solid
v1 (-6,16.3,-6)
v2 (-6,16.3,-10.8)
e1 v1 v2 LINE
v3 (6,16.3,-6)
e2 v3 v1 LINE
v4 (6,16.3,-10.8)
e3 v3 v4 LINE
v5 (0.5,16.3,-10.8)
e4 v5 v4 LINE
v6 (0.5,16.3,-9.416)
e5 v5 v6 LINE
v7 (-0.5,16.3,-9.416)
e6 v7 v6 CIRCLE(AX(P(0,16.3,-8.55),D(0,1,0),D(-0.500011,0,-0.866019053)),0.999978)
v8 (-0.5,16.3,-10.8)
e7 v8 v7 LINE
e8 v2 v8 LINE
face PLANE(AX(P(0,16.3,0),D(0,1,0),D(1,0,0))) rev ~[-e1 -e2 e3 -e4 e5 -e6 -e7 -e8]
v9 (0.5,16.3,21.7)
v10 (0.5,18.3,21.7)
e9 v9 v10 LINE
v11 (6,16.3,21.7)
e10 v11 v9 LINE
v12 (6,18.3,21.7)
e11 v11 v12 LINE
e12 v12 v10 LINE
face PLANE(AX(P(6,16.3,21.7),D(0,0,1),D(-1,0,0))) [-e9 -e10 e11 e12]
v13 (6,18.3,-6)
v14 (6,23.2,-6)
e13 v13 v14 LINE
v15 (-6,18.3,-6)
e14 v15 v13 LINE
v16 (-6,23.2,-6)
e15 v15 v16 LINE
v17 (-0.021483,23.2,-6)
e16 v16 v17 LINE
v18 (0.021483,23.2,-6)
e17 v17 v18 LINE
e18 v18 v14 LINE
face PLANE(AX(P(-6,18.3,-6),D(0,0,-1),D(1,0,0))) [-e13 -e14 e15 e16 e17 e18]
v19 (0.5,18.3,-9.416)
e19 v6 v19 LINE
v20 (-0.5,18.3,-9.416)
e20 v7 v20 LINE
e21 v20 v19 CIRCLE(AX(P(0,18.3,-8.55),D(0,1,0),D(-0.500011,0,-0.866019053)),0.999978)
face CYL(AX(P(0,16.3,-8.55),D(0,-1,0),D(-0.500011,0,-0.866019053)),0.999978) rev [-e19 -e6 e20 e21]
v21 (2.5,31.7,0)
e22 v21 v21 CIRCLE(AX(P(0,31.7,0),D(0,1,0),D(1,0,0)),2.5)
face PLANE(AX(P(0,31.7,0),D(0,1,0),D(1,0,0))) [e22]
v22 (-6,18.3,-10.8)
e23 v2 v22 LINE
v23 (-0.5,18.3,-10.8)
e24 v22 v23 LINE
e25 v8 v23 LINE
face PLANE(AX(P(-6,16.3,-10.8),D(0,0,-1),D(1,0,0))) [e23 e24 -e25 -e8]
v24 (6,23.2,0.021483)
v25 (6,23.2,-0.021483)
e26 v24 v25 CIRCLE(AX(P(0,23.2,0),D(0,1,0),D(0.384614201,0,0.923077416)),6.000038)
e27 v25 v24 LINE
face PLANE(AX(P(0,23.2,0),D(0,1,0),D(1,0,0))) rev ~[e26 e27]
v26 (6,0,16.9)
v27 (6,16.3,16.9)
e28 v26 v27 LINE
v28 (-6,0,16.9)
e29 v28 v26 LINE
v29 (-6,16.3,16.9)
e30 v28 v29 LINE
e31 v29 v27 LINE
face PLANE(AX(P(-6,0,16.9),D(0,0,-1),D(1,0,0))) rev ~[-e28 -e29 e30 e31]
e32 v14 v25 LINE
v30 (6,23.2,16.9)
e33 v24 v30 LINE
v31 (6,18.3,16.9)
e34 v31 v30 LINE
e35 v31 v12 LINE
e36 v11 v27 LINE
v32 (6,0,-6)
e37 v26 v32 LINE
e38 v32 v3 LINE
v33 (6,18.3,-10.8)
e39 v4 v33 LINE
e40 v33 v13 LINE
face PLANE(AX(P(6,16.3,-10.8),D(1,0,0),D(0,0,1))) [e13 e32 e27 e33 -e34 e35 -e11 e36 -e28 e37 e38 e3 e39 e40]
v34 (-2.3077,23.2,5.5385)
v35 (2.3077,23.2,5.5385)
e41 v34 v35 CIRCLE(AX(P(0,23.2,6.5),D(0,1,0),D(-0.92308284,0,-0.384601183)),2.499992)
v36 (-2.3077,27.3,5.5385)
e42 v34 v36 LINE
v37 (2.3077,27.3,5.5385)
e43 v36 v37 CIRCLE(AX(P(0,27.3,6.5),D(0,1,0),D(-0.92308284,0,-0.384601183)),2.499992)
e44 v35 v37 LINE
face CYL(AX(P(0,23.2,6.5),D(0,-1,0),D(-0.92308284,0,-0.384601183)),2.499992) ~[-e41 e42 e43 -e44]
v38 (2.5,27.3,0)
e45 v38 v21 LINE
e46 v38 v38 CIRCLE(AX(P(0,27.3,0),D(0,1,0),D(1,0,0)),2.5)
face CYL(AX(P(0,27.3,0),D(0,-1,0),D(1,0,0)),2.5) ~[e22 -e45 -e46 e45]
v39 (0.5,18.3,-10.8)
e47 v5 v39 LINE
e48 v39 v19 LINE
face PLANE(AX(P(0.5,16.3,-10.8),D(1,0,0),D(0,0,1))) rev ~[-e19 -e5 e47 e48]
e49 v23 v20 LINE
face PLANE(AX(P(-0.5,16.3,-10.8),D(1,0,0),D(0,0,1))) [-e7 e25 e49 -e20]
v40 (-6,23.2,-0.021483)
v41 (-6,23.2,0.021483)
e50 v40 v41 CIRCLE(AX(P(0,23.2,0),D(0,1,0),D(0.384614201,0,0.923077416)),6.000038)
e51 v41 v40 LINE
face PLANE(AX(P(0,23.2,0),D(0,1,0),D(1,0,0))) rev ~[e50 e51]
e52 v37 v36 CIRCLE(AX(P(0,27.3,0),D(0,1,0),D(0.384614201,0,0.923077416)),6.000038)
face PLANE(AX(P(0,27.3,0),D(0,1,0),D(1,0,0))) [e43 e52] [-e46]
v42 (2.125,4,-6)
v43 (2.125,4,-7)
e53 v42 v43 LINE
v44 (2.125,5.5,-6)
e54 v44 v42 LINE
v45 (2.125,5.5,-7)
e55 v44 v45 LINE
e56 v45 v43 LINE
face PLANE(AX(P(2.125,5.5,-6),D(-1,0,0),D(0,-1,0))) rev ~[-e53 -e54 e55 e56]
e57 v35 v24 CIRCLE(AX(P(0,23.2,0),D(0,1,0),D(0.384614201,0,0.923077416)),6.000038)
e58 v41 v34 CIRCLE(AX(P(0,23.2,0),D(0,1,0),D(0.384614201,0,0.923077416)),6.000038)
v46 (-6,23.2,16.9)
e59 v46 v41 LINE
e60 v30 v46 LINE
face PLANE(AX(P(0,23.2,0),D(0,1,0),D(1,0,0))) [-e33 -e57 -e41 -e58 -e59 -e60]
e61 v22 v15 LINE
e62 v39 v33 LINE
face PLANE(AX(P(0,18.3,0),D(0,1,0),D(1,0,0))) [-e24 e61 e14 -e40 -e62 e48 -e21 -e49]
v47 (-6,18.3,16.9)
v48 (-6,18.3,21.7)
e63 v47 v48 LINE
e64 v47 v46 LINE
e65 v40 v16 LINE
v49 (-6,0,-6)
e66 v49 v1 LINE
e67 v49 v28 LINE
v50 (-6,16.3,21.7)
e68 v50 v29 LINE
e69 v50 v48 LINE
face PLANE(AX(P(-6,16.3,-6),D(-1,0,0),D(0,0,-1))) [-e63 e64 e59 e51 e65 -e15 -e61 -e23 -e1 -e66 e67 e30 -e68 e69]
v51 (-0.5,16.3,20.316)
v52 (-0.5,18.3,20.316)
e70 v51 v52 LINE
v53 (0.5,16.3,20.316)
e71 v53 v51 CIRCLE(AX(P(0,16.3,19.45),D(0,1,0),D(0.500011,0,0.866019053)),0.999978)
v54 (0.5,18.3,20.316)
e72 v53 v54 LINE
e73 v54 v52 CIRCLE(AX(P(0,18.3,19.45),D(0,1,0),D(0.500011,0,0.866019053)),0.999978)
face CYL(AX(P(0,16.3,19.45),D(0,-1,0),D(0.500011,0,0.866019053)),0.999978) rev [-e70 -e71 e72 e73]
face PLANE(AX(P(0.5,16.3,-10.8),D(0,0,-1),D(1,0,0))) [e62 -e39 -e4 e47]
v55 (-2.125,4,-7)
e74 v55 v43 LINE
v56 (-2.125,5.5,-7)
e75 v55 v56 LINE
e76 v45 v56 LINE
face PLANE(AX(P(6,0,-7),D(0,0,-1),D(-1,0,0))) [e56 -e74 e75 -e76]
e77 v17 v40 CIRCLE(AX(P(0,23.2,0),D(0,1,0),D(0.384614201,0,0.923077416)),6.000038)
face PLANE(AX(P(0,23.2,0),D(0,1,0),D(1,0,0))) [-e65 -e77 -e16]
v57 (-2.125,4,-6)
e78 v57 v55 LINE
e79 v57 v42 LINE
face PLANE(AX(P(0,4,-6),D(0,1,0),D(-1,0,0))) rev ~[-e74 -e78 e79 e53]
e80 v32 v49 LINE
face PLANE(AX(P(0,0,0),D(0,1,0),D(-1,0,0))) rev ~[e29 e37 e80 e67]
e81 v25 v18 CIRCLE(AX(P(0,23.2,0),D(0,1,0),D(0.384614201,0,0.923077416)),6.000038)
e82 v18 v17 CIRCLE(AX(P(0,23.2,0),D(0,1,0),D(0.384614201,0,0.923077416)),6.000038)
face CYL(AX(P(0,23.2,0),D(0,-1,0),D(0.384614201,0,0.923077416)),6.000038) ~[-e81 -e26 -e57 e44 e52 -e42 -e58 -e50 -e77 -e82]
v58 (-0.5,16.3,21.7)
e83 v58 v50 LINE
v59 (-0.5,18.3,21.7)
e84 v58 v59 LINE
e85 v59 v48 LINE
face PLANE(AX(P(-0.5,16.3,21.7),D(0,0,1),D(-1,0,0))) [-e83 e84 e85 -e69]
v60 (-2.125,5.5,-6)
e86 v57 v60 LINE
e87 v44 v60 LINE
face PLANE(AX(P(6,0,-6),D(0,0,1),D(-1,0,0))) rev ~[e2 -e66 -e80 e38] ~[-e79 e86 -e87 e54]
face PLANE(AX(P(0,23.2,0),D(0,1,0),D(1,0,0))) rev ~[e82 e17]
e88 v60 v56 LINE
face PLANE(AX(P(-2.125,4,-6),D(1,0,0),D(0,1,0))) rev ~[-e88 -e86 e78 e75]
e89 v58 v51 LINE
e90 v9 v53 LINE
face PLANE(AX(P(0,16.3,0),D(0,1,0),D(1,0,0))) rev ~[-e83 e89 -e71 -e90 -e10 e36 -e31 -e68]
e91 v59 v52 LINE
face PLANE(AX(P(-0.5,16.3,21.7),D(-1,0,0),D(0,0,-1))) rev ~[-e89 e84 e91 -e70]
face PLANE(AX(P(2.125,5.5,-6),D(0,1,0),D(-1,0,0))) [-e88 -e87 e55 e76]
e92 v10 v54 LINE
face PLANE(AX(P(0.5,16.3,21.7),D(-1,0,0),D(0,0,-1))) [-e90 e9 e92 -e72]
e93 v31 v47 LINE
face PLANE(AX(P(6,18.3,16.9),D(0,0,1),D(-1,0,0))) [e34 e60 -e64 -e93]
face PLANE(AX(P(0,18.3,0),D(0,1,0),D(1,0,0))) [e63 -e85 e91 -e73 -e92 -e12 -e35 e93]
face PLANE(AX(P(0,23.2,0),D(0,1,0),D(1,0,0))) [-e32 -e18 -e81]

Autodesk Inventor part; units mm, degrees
ref_plane "YZ Plane" through (0, 0, 0) normal (1, 0, 0) x (0, 1, 0)
ref_plane "XZ Plane" through (0, 0, 0) normal (0, 1, 0) x (-1, 0, 0)
ref_plane "XY Plane" through (0, 0, 0) normal (0, 0, 1) x (1, 0, 0)
sketch "Sketch1" plane through (0, 0, 0) normal (0, 1, 0) x (-1, 0, 0)
  line L0 (-6, -6) -> (6, -6)
  line L1 (6, -6) -> (6, 16.9)
  line L2 (6, 16.9) -> (-6, 16.9)
  line L3 (-6, 16.9) -> (-6, -6)
  point P0 (0, 0)
  dimension "d0" = 12
  dimension "d1" = 22.9
extrude "Extrusion1" add sketch "Sketch1" along normal blind 16.3
sketch "Sketch2" plane through (0, 16.3, 0) normal (0, 1, 0) x (1, 0, 0)
  line L0 (6, 10.8) -> (6, -21.7)
  line L1 (-6, -21.7) -> (-6, 10.8)
  line L2 (6, 8.55) -> (6, -19.45)
  line L3 (-6, -19.45) -> (-6, 8.55)
  arc A0 (-0.5, 9.416) -> (0.5, 9.416) centre (0, 8.55) ccw
  line L4 (0.5, 10.8) -> (0.5, 9.416)
  line L5 (-0.5, 10.8) -> (-0.5, 9.416)
  line L6 (-6, 10.8) -> (-0.5, 10.8)
  line L7 (0.5, 10.8) -> (6, 10.8)
  arc A1 (0.5, -20.316) -> (-0.5, -20.316) centre (0, -19.45) ccw
  line L8 (-0.5, -21.7) -> (-0.5, -20.316)
  line L9 (0.5, -21.7) -> (0.5, -20.316)
  line L10 (6, -21.7) -> (0.5, -21.7)
  line L11 (-0.5, -21.7) -> (-6, -21.7)
  line L12 (-6, -16.9) -> (6, -16.9) projected
  line L13 (6, 6) -> (-6, 6) projected
  point P0 (0, 0)
  dimension "d5" = 32.5
  dimension "d12" = 28
  dimension "d28" = 27.7
  dimension "d29" = 22.9
  dimension "d32" = 2.55
  dimension "d33" = 4.8
  dimension "d34" = 1
  dimension "d35" = 12
extrude "Extrusion2" add sketch "Sketch2" along normal blind 2
sketch "Sketch3" plane through (0, 18.3, 0) normal (0, 1, 0) x (1, 0, 0)
  line L0 (-6, 6) -> (6, 6)
  line L1 (6, 6) -> (6, -16.9)
  line L2 (6, -16.9) -> (-6, -16.9)
  line L3 (-6, -16.9) -> (-6, 6)
  point P0 (0, 0)
  dimension "d9" = 22.9
extrude "Extrusion3" add sketch "Sketch3" along normal blind 4.9
sketch "Sketch4" plane through (0, 23.2, 0) normal (0, 1, 0) x (1, 0, 0)
  arc A0 (2.3077, -5.5385) -> (-2.3077, -5.5385) centre (0, 0) ccw
  arc A1 (-2.3077, -5.5385) -> (2.3077, -5.5385) centre (0, -6.5) ccw
extrude "Extrusion4" add sketch "Sketch4" along normal blind 4.1
sketch "Sketch5" plane through (0, 27.3, 0) normal (0, 1, 0) x (1, 0, 0)
  circle A0 centre (0, 0) radius 2.5
  dimension "d18" = 5
extrude "Extrusion5" add sketch "Sketch5" along normal blind 4.4
sketch "Sketch6" plane through (6, 0, -6) normal (0, 0, -1) x (-1, 0, 0)
  line L0 (0, 0) -> (0, 5.5)
  line L1 (0, 5.5) -> (12, 5.5)
  line L2 (6, 4) -> (8.125, 4)
  line L3 (3.875, 4) -> (8.125, 4)
  line L4 (8.125, 4) -> (8.125, 5.5)
  line L5 (8.125, 5.5) -> (3.875, 5.5)
  line L6 (3.875, 5.5) -> (3.875, 4)
  point P0 (6, 0)
  dimension "d22" = 5.5
  dimension "d23" = 4.25
extrude "Extrusion6" add sketch "Sketch6" along normal blind 1
sketch "Sketch7" plane through (0, 31.7, 0) normal (0, 1, 0) x (1, 0, 0)
  line L0 (-6, -16.9) -> (6, -16.9) projected
  line L1 (-6, 0) -> (-6, -16.9) projected
  point P0 (0, 0)
  dimension "d26" = 16.9
  dimension "d27" = 6
sketch "Sketch8" plane through (-6, 0, -6) normal (-1, 0, 0) x (0, 0, 1)
  line L0 (0, 0) -> (22.9, 0) projected
  line L1 (-4.8, 16.3) -> (0, 16.3) projected
  point P0 (6, 0)
  dimension "d30" = 16.3
properties part number "HD-1900A_Servo" material "ABS Plastic"
